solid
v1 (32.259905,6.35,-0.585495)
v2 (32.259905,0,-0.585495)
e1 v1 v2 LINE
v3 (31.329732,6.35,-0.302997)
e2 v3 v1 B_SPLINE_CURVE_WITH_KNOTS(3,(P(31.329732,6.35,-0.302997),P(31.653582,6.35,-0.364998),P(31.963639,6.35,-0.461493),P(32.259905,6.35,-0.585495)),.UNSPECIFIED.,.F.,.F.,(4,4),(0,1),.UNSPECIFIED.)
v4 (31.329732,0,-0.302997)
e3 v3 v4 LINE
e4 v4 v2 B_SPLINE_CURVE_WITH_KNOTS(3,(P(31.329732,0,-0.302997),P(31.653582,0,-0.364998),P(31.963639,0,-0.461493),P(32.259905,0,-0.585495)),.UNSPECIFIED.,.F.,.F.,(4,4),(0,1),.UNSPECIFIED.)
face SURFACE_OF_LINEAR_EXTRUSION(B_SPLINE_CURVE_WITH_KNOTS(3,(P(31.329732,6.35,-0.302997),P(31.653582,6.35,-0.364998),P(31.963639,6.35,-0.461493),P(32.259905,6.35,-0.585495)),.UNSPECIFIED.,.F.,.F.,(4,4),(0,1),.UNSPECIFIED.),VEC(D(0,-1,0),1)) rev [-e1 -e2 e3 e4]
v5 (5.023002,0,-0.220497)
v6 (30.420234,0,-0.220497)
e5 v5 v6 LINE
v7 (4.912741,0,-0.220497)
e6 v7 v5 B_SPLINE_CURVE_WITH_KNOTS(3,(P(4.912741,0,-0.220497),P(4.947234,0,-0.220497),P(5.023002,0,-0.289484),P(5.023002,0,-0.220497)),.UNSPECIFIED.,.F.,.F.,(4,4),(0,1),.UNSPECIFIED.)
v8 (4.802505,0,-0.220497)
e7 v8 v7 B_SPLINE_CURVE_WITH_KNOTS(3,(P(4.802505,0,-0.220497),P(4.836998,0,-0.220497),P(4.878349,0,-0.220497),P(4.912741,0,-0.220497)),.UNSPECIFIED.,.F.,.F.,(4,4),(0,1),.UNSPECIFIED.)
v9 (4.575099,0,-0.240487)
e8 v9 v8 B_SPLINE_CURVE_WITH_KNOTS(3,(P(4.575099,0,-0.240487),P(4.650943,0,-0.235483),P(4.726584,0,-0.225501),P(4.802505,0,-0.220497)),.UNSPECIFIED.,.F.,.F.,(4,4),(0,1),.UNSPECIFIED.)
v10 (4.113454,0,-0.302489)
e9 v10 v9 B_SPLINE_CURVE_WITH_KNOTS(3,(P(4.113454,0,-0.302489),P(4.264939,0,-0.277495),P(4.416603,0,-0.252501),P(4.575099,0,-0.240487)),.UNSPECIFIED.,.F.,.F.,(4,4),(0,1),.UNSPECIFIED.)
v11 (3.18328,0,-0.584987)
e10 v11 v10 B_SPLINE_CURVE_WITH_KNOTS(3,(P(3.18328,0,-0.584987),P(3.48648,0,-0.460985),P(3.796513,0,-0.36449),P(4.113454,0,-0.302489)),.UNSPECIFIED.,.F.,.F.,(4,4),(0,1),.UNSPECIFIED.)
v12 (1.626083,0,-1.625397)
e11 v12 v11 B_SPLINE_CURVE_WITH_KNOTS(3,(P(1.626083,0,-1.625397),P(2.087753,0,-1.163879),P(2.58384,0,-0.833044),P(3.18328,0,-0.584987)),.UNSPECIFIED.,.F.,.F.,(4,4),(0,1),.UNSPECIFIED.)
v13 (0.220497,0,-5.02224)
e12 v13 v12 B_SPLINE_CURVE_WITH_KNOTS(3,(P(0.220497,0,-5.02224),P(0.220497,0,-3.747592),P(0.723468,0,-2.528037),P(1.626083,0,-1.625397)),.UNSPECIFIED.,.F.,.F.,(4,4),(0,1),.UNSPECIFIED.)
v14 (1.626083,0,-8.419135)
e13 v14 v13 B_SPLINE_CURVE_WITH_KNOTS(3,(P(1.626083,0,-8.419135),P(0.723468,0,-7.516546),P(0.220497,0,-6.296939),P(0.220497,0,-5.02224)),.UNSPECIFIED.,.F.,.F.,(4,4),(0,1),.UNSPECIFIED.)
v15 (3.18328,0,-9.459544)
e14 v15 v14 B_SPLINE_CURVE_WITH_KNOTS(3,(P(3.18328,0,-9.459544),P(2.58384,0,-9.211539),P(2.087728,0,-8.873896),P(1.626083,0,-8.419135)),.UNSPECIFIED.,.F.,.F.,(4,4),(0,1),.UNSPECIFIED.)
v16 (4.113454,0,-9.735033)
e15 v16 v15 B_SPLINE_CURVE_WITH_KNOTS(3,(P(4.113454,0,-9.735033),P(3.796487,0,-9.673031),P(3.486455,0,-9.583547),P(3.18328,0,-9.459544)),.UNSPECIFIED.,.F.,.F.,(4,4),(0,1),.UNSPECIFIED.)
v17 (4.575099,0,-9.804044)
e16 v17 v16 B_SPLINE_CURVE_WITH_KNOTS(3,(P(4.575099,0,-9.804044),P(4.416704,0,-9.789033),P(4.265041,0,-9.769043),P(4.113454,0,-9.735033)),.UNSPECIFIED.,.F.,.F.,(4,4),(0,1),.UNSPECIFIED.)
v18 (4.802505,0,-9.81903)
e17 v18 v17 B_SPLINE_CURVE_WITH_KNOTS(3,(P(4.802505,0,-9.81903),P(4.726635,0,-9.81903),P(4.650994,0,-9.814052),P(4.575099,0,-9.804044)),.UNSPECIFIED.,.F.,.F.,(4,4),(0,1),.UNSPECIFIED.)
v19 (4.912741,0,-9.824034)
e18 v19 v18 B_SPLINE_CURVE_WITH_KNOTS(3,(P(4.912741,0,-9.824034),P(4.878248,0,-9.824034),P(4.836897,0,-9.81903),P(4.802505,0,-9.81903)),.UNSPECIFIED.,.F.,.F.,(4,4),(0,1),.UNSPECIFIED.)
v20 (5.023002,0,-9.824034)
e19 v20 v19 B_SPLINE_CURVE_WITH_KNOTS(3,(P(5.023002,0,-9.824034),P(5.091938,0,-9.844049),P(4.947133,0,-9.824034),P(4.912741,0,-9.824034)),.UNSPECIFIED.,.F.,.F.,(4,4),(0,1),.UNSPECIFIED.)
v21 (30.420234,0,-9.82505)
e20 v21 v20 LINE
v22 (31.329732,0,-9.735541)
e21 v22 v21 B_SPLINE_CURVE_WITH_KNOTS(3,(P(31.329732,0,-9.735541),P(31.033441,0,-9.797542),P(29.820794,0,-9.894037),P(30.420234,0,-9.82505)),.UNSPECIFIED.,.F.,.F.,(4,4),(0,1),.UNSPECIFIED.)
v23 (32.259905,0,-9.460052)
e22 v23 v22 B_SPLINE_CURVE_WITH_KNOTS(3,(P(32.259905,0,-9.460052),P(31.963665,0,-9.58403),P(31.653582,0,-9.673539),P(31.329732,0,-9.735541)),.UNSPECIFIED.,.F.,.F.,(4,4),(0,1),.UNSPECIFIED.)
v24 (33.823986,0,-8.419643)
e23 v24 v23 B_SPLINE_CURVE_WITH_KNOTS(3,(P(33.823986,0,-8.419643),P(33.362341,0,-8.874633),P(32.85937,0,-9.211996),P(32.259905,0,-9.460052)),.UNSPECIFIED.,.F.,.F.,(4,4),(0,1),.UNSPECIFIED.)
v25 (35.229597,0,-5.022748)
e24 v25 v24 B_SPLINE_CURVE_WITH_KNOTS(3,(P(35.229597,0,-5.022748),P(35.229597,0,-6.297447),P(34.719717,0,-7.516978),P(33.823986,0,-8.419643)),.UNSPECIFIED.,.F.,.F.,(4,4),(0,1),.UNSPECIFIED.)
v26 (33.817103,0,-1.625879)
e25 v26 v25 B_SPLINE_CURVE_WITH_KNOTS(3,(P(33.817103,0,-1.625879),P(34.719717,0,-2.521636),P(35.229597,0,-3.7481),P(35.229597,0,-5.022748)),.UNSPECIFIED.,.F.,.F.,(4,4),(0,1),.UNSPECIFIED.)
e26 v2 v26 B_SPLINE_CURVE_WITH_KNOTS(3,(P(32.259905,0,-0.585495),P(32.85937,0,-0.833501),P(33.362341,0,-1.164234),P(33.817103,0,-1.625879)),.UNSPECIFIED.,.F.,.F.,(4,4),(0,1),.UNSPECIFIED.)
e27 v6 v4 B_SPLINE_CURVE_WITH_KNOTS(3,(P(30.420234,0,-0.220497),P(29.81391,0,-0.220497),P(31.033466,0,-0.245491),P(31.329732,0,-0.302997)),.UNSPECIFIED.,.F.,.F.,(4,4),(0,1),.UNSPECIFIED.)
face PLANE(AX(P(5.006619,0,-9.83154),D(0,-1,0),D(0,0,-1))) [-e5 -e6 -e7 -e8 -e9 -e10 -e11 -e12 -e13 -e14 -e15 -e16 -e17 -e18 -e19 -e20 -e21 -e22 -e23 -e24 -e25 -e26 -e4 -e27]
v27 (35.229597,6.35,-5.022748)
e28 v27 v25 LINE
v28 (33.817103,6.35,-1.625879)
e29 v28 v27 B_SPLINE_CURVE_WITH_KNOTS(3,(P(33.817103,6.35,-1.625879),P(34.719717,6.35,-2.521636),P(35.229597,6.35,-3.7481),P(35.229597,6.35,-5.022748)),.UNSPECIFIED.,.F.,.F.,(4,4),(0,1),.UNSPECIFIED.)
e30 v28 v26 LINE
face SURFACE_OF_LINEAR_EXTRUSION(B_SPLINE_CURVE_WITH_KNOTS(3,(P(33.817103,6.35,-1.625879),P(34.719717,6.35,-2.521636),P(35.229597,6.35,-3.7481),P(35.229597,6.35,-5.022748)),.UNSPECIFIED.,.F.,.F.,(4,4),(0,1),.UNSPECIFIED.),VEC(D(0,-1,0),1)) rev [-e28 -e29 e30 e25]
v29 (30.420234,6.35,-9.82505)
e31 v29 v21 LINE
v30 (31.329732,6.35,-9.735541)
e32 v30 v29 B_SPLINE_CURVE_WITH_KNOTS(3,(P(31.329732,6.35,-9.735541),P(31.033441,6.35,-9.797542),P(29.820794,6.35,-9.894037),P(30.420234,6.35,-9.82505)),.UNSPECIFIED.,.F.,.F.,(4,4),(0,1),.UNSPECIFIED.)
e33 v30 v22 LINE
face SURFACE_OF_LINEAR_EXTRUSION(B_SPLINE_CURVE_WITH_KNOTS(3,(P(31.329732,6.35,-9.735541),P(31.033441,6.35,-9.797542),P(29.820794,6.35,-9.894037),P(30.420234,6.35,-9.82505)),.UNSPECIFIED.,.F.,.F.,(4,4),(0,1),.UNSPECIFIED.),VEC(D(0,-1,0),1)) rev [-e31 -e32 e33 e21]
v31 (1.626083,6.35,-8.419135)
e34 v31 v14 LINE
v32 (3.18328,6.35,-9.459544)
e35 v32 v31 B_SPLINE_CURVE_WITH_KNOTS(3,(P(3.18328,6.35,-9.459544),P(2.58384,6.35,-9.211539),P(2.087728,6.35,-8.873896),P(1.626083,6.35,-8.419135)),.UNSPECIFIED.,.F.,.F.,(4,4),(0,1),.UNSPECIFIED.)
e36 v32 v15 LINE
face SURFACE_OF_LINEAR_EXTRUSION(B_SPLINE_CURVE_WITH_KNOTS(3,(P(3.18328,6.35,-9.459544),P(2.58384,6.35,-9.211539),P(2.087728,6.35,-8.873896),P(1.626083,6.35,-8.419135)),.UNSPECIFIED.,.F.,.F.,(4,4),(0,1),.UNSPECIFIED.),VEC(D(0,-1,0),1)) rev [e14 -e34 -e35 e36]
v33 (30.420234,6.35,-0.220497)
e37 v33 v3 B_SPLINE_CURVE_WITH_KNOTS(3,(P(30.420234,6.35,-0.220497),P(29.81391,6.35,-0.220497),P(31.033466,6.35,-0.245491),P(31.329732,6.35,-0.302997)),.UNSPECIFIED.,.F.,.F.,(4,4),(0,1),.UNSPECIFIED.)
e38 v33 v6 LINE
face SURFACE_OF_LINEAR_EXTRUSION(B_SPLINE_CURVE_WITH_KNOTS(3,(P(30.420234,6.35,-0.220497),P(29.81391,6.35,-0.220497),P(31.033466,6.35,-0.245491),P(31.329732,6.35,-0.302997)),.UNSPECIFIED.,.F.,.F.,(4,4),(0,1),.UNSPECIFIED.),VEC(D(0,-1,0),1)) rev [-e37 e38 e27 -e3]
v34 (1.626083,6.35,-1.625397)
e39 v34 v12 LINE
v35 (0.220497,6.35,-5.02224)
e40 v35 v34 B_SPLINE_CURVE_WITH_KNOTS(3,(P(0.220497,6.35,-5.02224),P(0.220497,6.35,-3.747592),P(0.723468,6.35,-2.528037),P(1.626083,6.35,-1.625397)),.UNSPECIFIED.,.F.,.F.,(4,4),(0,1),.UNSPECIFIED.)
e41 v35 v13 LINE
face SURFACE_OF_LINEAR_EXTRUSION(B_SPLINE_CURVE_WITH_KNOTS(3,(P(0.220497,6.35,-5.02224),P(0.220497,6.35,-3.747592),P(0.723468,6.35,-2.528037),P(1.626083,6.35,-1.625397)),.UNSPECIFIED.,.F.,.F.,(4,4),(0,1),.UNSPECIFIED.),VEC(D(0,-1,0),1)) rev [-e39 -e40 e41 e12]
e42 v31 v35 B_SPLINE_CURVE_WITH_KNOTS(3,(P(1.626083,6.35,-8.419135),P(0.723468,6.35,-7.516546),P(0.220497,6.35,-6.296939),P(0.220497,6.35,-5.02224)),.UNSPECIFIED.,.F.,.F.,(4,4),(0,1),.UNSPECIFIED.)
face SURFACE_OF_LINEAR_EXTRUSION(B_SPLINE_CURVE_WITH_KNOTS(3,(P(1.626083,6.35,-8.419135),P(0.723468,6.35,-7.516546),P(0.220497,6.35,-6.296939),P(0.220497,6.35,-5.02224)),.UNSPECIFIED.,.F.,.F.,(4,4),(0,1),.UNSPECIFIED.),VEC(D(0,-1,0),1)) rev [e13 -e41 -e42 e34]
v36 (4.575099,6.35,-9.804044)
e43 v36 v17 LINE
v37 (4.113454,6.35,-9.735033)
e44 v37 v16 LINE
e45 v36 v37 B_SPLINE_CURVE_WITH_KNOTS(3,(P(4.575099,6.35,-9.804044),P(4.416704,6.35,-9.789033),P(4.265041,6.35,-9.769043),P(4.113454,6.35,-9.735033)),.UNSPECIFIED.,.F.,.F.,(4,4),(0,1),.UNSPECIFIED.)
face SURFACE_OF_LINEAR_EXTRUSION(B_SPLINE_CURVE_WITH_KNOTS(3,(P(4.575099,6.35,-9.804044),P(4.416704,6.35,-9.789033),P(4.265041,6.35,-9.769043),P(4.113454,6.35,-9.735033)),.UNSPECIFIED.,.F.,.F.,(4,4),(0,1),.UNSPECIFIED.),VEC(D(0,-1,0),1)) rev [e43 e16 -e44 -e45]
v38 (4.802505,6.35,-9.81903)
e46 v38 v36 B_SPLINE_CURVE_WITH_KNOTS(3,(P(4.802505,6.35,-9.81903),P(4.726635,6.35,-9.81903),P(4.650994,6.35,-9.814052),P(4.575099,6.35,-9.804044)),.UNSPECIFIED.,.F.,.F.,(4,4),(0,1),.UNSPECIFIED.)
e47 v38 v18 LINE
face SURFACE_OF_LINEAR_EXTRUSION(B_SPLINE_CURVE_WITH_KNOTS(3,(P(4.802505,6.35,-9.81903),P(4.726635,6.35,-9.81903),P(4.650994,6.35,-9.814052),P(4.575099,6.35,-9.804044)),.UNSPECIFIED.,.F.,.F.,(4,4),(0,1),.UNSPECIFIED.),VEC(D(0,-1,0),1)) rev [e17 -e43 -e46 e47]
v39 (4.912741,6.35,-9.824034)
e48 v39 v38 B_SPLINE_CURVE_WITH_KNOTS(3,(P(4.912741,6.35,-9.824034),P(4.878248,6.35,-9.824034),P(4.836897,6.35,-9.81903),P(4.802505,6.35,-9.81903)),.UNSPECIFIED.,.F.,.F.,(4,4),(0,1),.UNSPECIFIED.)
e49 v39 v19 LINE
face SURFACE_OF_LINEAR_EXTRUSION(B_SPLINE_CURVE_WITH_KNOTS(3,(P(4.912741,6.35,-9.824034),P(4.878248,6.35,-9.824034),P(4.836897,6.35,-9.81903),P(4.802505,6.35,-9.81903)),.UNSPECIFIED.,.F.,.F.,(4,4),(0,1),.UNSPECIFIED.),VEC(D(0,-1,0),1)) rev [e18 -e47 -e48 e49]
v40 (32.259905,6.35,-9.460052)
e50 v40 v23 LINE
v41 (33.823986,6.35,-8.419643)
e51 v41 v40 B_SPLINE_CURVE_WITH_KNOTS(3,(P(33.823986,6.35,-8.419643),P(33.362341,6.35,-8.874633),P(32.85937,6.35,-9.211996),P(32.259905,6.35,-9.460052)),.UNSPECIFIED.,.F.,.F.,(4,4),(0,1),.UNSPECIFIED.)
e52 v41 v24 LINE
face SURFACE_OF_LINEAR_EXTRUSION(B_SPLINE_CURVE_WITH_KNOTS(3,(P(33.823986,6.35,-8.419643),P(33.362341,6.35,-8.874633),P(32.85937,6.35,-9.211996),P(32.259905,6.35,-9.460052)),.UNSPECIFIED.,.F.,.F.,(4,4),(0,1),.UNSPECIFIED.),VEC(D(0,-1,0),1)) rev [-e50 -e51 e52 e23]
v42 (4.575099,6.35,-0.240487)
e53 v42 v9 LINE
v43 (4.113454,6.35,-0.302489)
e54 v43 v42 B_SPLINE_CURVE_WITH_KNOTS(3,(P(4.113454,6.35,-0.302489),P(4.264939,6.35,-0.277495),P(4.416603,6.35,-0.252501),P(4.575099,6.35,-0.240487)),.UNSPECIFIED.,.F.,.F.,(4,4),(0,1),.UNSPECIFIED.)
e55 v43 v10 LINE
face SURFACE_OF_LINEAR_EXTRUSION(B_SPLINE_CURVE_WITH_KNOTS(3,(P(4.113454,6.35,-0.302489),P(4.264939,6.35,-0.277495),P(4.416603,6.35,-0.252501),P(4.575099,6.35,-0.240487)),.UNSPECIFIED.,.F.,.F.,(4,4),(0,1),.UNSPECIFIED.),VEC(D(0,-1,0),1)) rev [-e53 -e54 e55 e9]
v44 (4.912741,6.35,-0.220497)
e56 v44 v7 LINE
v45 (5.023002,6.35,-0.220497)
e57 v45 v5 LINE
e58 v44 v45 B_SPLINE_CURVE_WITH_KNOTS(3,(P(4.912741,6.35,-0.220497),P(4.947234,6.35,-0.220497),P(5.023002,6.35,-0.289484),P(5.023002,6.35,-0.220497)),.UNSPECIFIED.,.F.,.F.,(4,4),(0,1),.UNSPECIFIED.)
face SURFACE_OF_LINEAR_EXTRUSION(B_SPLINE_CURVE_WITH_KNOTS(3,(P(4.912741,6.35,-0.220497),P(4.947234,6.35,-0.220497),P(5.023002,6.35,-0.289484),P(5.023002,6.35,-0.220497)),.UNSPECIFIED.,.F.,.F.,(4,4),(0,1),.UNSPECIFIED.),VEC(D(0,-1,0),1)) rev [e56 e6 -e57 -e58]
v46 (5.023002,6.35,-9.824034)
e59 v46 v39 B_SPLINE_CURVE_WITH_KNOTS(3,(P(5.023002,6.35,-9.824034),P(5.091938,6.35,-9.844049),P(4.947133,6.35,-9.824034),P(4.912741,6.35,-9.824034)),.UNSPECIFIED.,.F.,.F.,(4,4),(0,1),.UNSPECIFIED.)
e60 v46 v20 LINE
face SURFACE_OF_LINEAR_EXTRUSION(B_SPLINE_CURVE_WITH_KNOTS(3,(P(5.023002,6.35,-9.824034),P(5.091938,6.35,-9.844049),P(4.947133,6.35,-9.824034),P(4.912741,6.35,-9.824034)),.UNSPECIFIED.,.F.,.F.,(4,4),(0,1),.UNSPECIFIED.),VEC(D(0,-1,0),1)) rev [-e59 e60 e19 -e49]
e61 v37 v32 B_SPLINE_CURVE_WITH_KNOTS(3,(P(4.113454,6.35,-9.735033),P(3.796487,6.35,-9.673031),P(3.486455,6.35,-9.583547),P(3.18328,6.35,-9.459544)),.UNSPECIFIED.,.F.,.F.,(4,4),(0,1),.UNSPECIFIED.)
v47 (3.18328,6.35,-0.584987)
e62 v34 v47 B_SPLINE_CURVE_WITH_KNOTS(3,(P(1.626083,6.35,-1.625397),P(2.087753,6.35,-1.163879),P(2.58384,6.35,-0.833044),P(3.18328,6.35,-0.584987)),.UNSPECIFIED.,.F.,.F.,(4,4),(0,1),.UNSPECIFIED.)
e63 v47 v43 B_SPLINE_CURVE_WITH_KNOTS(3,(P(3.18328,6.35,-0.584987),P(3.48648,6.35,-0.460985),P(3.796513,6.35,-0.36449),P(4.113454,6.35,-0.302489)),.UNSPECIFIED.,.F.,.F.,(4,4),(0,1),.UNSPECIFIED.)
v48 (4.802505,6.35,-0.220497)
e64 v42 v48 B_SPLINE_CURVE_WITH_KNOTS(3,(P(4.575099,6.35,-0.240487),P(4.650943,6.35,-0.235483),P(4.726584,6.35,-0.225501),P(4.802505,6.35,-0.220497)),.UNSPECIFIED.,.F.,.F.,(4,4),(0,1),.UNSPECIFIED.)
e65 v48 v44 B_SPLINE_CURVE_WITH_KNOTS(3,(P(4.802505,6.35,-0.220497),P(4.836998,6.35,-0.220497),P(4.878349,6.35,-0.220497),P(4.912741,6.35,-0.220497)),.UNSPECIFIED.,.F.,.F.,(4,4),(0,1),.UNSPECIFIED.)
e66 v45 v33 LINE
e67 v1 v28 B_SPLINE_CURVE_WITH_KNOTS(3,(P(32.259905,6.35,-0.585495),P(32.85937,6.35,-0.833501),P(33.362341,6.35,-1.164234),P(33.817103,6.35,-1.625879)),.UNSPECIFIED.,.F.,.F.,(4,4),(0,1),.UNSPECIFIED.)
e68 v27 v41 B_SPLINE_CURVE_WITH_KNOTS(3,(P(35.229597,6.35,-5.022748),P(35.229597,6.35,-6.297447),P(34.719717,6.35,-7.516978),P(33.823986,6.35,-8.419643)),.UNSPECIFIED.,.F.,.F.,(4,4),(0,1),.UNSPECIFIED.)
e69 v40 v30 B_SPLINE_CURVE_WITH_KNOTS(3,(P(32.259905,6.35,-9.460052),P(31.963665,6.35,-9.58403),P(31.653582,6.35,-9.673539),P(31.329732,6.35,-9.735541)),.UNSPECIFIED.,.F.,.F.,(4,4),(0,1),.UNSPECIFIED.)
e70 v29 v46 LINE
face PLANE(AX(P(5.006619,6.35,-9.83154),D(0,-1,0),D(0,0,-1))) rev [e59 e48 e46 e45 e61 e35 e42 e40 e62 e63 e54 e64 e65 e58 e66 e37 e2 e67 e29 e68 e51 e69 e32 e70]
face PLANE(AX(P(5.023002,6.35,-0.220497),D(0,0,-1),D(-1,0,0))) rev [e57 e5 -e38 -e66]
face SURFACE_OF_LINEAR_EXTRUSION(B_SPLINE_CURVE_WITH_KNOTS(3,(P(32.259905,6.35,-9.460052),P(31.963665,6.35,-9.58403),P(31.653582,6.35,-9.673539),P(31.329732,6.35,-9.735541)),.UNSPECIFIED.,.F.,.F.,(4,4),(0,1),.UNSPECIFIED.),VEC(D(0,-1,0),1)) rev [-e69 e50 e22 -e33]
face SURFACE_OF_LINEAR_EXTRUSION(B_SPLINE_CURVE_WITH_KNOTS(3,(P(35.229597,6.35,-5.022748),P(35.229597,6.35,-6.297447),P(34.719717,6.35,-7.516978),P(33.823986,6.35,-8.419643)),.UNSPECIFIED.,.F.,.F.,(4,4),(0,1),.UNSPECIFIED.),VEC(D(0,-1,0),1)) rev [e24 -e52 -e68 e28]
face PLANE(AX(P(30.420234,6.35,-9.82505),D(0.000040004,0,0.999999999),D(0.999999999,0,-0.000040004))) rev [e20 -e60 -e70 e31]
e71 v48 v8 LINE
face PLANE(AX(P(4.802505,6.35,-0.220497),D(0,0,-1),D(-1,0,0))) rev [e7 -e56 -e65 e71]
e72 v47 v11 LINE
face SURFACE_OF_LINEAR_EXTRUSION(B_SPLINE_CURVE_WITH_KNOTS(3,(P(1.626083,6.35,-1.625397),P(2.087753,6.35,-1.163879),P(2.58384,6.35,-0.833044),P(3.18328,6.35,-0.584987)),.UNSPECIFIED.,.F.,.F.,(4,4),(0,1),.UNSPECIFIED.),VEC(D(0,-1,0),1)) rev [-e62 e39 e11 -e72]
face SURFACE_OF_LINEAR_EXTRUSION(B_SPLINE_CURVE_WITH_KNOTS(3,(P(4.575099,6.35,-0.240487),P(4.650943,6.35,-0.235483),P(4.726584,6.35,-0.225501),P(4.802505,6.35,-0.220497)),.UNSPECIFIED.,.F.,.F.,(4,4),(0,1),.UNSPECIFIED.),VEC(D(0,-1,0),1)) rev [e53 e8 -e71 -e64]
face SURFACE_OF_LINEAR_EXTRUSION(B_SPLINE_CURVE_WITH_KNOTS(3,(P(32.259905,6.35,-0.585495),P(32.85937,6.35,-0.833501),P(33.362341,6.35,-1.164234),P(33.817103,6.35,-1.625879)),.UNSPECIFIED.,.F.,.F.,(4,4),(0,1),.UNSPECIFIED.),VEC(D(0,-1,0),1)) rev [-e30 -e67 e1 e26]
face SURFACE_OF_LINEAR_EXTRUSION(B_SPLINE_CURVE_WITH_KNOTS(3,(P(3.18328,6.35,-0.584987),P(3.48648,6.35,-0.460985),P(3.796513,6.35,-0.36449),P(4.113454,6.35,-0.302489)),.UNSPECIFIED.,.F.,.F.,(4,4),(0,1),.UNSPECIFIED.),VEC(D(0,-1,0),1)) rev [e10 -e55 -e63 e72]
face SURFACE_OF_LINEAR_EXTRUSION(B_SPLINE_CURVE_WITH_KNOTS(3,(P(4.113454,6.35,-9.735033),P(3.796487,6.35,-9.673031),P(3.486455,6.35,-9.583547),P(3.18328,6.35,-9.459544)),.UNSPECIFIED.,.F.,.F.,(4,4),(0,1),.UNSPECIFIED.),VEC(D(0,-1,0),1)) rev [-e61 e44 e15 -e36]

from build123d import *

# Parameters (mm, degrees)
BOSS_EXTRUDE1_DEPTH = 6.35


with BuildPart() as part:
    # Sketch1 → Boss-Extrude1 (new body)
    with BuildSketch(Plane(origin=(0, 0, 0), x_dir=(1, 0, 0), z_dir=(0, 1, 0))):
        with BuildLine():
            Line((5.0230024, 0.2204974), (30.4202338, 0.2204974))
            add(Edge.make_bspline(
                [(30.4202338, 0.2204974), (29.8139104, 0.2204974), (31.033466, 0.245491), (31.3297316, 0.3029966)],
                knots=[0, 0, 0, 0, 1, 1, 1, 1], degree=3))
            add(Edge.make_bspline(
                [(31.3297316, 0.3029966), (31.6535816, 0.364998), (31.9636394, 0.4614926), (32.259905, 0.5854954)],
                knots=[0, 0, 0, 0, 1, 1, 1, 1], degree=3))
            add(Edge.make_bspline(
                [(32.259905, 0.5854954), (32.8593704, 0.833501), (33.3623412, 1.1642344), (33.8171028, 1.6258794)],
                knots=[0, 0, 0, 0, 1, 1, 1, 1], degree=3))
            add(Edge.make_bspline(
                [(33.8171028, 1.6258794), (34.7197172, 2.5216358), (35.2295968, 3.7481002), (35.2295968, 5.0227484)],
                knots=[0, 0, 0, 0, 1, 1, 1, 1], degree=3))
            add(Edge.make_bspline(
                [(35.2295968, 5.0227484), (35.2295968, 6.2974474), (34.7197172, 7.5169776), (33.8239862, 8.4196428)],
                knots=[0, 0, 0, 0, 1, 1, 1, 1], degree=3))
            add(Edge.make_bspline(
                [(33.8239862, 8.4196428), (33.3623412, 8.874633), (32.8593704, 9.2119958), (32.259905, 9.4600522)],
                knots=[0, 0, 0, 0, 1, 1, 1, 1], degree=3))
            add(Edge.make_bspline(
                [(32.259905, 9.4600522), (31.9636648, 9.5840296), (31.6535816, 9.6735392), (31.3297316, 9.7355406)],
                knots=[0, 0, 0, 0, 1, 1, 1, 1], degree=3))
            add(Edge.make_bspline(
                [(31.3297316, 9.7355406), (31.0334406, 9.797542), (29.8207938, 9.8940366), (30.4202338, 9.8250502)],
                knots=[0, 0, 0, 0, 1, 1, 1, 1], degree=3))
            Line((30.4202338, 9.8250502), (5.0230024, 9.8240342))
            add(Edge.make_bspline(
                [(5.0230024, 9.8240342), (5.091938, 9.8440494), (4.9471326, 9.8240342), (4.912741, 9.8240342)],
                knots=[0, 0, 0, 0, 1, 1, 1, 1], degree=3))
            add(Edge.make_bspline(
                [(4.912741, 9.8240342), (4.8782478, 9.8240342), (4.8368966, 9.8190304), (4.802505, 9.8190304)],
                knots=[0, 0, 0, 0, 1, 1, 1, 1], degree=3))
            add(Edge.make_bspline(
                [(4.802505, 9.8190304), (4.7266352, 9.8190304), (4.650994, 9.814052), (4.5750988, 9.8040444)],
                knots=[0, 0, 0, 0, 1, 1, 1, 1], degree=3))
            add(Edge.make_bspline(
                [(4.5750988, 9.8040444), (4.4167044, 9.789033), (4.265041, 9.7690432), (4.1134538, 9.7350326)],
                knots=[0, 0, 0, 0, 1, 1, 1, 1], degree=3))
            add(Edge.make_bspline(
                [(4.1134538, 9.7350326), (3.7964872, 9.6730312), (3.4864548, 9.583547), (3.1832804, 9.4595442)],
                knots=[0, 0, 0, 0, 1, 1, 1, 1], degree=3))
            add(Edge.make_bspline(
                [(3.1832804, 9.4595442), (2.5838404, 9.2115386), (2.0877276, 8.8738964), (1.6260826, 8.4191348)],
                knots=[0, 0, 0, 0, 1, 1, 1, 1], degree=3))
            add(Edge.make_bspline(
                [(1.6260826, 8.4191348), (0.7234682, 7.5165458), (0.2204974, 6.2969394), (0.2204974, 5.0222404)],
                knots=[0, 0, 0, 0, 1, 1, 1, 1], degree=3))
            add(Edge.make_bspline(
                [(0.2204974, 5.0222404), (0.2204974, 3.7475922), (0.7234682, 2.5280366), (1.6260826, 1.6253968)],
                knots=[0, 0, 0, 0, 1, 1, 1, 1], degree=3))
            add(Edge.make_bspline(
                [(1.6260826, 1.6253968), (2.087753, 1.1638788), (2.5838404, 0.8330438), (3.1832804, 0.5849874)],
                knots=[0, 0, 0, 0, 1, 1, 1, 1], degree=3))
            add(Edge.make_bspline(
                [(3.1832804, 0.5849874), (3.4864802, 0.4609846), (3.7965126, 0.36449), (4.1134538, 0.3024886)],
                knots=[0, 0, 0, 0, 1, 1, 1, 1], degree=3))
            add(Edge.make_bspline(
                [(4.1134538, 0.3024886), (4.2649394, 0.277495), (4.4166028, 0.2525014), (4.5750988, 0.2404872)],
                knots=[0, 0, 0, 0, 1, 1, 1, 1], degree=3))
            add(Edge.make_bspline(
                [(4.5750988, 0.2404872), (4.6509432, 0.2354834), (4.7265844, 0.2255012), (4.802505, 0.2204974)],
                knots=[0, 0, 0, 0, 1, 1, 1, 1], degree=3))
            add(Edge.make_bspline(
                [(4.802505, 0.2204974), (4.8369982, 0.2204974), (4.8783494, 0.2204974), (4.912741, 0.2204974)],
                knots=[0, 0, 0, 0, 1, 1, 1, 1], degree=3))
            add(Edge.make_bspline(
                [(4.912741, 0.2204974), (4.9472342, 0.2204974), (5.0230024, 0.2894838), (5.0230024, 0.2204974)],
                knots=[0, 0, 0, 0, 1, 1, 1, 1], degree=3))
        make_face()
    extrude(amount=BOSS_EXTRUDE1_DEPTH)


solid = part.part
